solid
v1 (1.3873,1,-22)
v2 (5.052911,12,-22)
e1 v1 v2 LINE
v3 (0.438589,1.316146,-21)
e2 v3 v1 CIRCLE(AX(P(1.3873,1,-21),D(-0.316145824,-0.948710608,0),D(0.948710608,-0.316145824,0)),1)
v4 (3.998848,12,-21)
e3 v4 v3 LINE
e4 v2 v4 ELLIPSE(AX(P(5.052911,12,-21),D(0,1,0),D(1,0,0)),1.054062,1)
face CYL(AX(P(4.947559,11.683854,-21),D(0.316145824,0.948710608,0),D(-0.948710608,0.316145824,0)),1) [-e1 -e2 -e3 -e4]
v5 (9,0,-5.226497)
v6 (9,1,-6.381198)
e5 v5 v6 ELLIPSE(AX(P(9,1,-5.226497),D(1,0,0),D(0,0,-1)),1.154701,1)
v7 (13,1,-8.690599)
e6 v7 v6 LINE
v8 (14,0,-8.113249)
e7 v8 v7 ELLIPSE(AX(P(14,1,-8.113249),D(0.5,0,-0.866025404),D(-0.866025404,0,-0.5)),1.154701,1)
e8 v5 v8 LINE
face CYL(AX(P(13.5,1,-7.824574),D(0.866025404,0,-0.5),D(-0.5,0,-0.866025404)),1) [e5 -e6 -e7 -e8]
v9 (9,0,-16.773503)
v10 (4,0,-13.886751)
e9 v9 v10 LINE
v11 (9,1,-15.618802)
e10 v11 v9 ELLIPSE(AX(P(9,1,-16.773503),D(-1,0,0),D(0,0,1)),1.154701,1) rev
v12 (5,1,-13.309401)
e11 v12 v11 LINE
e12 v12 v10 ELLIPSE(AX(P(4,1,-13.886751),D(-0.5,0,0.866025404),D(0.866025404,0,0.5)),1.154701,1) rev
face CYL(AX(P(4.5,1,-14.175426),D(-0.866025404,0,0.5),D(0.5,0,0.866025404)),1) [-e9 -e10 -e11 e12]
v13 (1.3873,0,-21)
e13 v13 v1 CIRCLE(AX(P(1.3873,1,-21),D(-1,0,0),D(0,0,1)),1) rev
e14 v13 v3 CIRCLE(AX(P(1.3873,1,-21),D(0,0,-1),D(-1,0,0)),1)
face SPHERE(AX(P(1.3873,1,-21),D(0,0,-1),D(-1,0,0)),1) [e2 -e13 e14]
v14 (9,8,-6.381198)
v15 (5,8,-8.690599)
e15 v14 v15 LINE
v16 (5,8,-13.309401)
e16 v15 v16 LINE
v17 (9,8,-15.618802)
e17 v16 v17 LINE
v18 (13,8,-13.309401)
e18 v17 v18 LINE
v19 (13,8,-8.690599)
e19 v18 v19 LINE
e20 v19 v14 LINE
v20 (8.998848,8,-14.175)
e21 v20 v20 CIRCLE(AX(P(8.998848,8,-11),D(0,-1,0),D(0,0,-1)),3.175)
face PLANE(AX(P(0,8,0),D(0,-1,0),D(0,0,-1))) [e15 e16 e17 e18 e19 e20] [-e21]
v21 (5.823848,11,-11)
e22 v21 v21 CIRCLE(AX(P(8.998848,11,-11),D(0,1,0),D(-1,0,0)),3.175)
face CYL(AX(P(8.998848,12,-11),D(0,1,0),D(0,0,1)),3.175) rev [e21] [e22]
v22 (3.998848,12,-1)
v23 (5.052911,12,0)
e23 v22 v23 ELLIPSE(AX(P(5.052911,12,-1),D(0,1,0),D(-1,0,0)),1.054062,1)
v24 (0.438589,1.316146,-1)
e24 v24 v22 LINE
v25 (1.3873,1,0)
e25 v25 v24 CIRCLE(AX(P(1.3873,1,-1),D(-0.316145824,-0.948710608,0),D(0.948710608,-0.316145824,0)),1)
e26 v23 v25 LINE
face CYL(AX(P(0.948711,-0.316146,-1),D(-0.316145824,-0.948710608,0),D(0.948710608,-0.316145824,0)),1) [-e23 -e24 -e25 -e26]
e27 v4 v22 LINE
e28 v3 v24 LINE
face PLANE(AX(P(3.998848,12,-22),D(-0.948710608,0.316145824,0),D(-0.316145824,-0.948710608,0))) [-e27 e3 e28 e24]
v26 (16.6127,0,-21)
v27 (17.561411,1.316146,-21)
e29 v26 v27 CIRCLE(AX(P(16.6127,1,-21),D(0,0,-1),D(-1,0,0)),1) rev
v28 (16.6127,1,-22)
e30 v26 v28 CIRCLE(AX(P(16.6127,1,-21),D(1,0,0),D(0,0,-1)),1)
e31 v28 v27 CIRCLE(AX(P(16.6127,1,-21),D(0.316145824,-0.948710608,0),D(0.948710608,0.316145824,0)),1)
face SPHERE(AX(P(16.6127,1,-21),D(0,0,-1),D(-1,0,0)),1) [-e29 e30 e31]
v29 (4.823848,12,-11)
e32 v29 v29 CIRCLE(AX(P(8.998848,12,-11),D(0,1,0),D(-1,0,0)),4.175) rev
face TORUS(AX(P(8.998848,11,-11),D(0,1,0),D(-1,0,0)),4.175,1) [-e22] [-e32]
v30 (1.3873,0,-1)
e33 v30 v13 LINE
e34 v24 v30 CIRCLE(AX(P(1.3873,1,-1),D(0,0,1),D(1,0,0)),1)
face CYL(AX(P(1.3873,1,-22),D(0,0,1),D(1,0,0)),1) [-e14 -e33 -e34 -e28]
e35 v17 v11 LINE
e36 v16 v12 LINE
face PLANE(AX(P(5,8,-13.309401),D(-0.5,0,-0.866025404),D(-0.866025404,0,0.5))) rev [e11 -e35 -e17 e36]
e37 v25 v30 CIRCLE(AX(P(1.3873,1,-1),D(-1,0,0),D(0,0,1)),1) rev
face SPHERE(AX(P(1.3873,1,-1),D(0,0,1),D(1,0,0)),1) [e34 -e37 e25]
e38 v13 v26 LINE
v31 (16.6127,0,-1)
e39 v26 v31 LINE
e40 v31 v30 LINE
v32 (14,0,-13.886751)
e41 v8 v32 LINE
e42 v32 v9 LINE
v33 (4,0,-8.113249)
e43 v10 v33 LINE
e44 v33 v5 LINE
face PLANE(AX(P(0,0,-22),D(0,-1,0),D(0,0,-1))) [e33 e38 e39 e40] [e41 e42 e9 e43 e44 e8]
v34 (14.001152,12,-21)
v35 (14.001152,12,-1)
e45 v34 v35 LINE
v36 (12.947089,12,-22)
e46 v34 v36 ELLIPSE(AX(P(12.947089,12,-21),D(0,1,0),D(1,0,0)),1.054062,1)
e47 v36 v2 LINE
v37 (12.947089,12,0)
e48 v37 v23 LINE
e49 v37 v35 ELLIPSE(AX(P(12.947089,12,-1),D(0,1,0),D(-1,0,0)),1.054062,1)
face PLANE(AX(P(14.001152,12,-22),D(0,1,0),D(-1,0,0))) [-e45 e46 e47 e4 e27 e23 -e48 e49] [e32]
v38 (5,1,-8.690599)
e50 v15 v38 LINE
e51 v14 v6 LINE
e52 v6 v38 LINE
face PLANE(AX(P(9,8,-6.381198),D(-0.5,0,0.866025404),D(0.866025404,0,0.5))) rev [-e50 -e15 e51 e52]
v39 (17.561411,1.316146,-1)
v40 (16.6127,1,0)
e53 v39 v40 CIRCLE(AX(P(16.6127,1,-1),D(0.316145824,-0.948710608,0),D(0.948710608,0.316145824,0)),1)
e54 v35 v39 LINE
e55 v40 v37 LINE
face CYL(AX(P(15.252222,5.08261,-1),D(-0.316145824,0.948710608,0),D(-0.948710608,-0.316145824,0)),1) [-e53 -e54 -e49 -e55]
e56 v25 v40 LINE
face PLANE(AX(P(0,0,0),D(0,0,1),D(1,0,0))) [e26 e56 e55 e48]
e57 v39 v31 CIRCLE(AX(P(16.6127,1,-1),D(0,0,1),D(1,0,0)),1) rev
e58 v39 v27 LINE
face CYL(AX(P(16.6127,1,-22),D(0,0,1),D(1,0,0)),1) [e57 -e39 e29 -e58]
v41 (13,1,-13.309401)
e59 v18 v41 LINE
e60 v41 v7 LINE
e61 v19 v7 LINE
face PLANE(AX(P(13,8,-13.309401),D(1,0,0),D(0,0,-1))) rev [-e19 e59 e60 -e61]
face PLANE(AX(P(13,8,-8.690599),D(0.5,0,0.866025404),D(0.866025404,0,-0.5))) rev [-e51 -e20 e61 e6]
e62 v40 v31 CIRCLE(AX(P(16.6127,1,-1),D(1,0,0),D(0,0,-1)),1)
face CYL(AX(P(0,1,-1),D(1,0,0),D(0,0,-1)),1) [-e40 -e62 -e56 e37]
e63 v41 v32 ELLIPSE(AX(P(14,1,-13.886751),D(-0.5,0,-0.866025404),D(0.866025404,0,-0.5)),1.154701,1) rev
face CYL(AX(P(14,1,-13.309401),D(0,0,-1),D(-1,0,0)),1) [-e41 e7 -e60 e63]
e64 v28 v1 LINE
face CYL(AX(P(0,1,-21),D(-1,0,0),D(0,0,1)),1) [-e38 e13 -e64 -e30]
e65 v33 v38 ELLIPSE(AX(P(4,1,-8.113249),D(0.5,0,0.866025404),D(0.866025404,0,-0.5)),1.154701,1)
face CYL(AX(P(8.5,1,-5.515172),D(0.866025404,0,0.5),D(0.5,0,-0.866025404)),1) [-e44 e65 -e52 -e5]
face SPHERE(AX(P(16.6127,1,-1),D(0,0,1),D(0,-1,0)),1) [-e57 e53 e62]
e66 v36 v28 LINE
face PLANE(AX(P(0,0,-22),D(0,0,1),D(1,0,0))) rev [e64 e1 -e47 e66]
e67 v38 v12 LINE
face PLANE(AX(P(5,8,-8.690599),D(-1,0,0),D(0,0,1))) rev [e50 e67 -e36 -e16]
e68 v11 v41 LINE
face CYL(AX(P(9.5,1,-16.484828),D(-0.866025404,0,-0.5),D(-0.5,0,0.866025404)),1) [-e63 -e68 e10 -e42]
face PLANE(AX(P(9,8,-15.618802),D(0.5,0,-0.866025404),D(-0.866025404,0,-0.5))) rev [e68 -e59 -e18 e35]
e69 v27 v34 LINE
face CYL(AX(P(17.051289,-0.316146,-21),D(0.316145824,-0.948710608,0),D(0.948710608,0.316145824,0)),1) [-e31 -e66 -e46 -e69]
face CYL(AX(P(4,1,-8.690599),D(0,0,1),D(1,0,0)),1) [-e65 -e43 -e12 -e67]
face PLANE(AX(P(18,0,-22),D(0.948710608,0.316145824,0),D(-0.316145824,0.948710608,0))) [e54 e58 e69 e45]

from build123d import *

# Parameters (mm, degrees)
BOSS_EXTRUDE1_DEPTH         = 22
CUT_EXTRUDE1_DEPTH          = 8
F_1_4_0_25_DIAMETER_HOLE1_D = 6.35
FILLET2_R                   = 1


with BuildPart() as part:
    # Sketch2 → Boss-Extrude1 (new body)
    with BuildSketch(Plane.XY):
        Polygon((0, 0), (18, 0), (14.00115161, 12), (3.99884839, 12), align=None)
    extrude(amount=-BOSS_EXTRUDE1_DEPTH)

    # Sketch3 → Cut-Extrude1 (cut)
    with BuildSketch(Plane.XZ):
        Polygon((13, -13.309401077), (13, -8.690598923), (9, -6.381197846), (5, -8.690598923), (5, -13.309401077), (9, -15.618802154), align=None)
    extrude(amount=-CUT_EXTRUDE1_DEPTH, mode=Mode.SUBTRACT)

    # 1/4 (0.25) Diameter Hole1 (through all)
    with Locations(Plane(origin=(0, 12, 0), x_dir=(1, 0, 0), z_dir=(0, 1, 0))):
        with Locations((8.99884839, 11)):
            Hole(F_1_4_0_25_DIAMETER_HOLE1_D / 2)

    # Fillet2
    fillet2_edges = [part.edges().sort_by_distance(p)[0] for p in [
        (16.000575805, 6, -22),
        (11, 0, -14.464101615),
        (13, 0, -11),
        (11, 0, -7.535898385),
        (7, 0, -7.535898385),
        (5, 0, -11),
        (7, 0, -14.464101615),
        (12.17384839, 12, -11),
        (1.999424195, 6, -22),
        (16.000575805, 6, 0),
        (9, 0, 0),
        (1.999424195, 6, 0),
        (18, 0, -11),
        (0, 0, -11),
        (9, 0, -22),
    ]]
    fillet(fillet2_edges, radius=FILLET2_R)


solid = part.part
